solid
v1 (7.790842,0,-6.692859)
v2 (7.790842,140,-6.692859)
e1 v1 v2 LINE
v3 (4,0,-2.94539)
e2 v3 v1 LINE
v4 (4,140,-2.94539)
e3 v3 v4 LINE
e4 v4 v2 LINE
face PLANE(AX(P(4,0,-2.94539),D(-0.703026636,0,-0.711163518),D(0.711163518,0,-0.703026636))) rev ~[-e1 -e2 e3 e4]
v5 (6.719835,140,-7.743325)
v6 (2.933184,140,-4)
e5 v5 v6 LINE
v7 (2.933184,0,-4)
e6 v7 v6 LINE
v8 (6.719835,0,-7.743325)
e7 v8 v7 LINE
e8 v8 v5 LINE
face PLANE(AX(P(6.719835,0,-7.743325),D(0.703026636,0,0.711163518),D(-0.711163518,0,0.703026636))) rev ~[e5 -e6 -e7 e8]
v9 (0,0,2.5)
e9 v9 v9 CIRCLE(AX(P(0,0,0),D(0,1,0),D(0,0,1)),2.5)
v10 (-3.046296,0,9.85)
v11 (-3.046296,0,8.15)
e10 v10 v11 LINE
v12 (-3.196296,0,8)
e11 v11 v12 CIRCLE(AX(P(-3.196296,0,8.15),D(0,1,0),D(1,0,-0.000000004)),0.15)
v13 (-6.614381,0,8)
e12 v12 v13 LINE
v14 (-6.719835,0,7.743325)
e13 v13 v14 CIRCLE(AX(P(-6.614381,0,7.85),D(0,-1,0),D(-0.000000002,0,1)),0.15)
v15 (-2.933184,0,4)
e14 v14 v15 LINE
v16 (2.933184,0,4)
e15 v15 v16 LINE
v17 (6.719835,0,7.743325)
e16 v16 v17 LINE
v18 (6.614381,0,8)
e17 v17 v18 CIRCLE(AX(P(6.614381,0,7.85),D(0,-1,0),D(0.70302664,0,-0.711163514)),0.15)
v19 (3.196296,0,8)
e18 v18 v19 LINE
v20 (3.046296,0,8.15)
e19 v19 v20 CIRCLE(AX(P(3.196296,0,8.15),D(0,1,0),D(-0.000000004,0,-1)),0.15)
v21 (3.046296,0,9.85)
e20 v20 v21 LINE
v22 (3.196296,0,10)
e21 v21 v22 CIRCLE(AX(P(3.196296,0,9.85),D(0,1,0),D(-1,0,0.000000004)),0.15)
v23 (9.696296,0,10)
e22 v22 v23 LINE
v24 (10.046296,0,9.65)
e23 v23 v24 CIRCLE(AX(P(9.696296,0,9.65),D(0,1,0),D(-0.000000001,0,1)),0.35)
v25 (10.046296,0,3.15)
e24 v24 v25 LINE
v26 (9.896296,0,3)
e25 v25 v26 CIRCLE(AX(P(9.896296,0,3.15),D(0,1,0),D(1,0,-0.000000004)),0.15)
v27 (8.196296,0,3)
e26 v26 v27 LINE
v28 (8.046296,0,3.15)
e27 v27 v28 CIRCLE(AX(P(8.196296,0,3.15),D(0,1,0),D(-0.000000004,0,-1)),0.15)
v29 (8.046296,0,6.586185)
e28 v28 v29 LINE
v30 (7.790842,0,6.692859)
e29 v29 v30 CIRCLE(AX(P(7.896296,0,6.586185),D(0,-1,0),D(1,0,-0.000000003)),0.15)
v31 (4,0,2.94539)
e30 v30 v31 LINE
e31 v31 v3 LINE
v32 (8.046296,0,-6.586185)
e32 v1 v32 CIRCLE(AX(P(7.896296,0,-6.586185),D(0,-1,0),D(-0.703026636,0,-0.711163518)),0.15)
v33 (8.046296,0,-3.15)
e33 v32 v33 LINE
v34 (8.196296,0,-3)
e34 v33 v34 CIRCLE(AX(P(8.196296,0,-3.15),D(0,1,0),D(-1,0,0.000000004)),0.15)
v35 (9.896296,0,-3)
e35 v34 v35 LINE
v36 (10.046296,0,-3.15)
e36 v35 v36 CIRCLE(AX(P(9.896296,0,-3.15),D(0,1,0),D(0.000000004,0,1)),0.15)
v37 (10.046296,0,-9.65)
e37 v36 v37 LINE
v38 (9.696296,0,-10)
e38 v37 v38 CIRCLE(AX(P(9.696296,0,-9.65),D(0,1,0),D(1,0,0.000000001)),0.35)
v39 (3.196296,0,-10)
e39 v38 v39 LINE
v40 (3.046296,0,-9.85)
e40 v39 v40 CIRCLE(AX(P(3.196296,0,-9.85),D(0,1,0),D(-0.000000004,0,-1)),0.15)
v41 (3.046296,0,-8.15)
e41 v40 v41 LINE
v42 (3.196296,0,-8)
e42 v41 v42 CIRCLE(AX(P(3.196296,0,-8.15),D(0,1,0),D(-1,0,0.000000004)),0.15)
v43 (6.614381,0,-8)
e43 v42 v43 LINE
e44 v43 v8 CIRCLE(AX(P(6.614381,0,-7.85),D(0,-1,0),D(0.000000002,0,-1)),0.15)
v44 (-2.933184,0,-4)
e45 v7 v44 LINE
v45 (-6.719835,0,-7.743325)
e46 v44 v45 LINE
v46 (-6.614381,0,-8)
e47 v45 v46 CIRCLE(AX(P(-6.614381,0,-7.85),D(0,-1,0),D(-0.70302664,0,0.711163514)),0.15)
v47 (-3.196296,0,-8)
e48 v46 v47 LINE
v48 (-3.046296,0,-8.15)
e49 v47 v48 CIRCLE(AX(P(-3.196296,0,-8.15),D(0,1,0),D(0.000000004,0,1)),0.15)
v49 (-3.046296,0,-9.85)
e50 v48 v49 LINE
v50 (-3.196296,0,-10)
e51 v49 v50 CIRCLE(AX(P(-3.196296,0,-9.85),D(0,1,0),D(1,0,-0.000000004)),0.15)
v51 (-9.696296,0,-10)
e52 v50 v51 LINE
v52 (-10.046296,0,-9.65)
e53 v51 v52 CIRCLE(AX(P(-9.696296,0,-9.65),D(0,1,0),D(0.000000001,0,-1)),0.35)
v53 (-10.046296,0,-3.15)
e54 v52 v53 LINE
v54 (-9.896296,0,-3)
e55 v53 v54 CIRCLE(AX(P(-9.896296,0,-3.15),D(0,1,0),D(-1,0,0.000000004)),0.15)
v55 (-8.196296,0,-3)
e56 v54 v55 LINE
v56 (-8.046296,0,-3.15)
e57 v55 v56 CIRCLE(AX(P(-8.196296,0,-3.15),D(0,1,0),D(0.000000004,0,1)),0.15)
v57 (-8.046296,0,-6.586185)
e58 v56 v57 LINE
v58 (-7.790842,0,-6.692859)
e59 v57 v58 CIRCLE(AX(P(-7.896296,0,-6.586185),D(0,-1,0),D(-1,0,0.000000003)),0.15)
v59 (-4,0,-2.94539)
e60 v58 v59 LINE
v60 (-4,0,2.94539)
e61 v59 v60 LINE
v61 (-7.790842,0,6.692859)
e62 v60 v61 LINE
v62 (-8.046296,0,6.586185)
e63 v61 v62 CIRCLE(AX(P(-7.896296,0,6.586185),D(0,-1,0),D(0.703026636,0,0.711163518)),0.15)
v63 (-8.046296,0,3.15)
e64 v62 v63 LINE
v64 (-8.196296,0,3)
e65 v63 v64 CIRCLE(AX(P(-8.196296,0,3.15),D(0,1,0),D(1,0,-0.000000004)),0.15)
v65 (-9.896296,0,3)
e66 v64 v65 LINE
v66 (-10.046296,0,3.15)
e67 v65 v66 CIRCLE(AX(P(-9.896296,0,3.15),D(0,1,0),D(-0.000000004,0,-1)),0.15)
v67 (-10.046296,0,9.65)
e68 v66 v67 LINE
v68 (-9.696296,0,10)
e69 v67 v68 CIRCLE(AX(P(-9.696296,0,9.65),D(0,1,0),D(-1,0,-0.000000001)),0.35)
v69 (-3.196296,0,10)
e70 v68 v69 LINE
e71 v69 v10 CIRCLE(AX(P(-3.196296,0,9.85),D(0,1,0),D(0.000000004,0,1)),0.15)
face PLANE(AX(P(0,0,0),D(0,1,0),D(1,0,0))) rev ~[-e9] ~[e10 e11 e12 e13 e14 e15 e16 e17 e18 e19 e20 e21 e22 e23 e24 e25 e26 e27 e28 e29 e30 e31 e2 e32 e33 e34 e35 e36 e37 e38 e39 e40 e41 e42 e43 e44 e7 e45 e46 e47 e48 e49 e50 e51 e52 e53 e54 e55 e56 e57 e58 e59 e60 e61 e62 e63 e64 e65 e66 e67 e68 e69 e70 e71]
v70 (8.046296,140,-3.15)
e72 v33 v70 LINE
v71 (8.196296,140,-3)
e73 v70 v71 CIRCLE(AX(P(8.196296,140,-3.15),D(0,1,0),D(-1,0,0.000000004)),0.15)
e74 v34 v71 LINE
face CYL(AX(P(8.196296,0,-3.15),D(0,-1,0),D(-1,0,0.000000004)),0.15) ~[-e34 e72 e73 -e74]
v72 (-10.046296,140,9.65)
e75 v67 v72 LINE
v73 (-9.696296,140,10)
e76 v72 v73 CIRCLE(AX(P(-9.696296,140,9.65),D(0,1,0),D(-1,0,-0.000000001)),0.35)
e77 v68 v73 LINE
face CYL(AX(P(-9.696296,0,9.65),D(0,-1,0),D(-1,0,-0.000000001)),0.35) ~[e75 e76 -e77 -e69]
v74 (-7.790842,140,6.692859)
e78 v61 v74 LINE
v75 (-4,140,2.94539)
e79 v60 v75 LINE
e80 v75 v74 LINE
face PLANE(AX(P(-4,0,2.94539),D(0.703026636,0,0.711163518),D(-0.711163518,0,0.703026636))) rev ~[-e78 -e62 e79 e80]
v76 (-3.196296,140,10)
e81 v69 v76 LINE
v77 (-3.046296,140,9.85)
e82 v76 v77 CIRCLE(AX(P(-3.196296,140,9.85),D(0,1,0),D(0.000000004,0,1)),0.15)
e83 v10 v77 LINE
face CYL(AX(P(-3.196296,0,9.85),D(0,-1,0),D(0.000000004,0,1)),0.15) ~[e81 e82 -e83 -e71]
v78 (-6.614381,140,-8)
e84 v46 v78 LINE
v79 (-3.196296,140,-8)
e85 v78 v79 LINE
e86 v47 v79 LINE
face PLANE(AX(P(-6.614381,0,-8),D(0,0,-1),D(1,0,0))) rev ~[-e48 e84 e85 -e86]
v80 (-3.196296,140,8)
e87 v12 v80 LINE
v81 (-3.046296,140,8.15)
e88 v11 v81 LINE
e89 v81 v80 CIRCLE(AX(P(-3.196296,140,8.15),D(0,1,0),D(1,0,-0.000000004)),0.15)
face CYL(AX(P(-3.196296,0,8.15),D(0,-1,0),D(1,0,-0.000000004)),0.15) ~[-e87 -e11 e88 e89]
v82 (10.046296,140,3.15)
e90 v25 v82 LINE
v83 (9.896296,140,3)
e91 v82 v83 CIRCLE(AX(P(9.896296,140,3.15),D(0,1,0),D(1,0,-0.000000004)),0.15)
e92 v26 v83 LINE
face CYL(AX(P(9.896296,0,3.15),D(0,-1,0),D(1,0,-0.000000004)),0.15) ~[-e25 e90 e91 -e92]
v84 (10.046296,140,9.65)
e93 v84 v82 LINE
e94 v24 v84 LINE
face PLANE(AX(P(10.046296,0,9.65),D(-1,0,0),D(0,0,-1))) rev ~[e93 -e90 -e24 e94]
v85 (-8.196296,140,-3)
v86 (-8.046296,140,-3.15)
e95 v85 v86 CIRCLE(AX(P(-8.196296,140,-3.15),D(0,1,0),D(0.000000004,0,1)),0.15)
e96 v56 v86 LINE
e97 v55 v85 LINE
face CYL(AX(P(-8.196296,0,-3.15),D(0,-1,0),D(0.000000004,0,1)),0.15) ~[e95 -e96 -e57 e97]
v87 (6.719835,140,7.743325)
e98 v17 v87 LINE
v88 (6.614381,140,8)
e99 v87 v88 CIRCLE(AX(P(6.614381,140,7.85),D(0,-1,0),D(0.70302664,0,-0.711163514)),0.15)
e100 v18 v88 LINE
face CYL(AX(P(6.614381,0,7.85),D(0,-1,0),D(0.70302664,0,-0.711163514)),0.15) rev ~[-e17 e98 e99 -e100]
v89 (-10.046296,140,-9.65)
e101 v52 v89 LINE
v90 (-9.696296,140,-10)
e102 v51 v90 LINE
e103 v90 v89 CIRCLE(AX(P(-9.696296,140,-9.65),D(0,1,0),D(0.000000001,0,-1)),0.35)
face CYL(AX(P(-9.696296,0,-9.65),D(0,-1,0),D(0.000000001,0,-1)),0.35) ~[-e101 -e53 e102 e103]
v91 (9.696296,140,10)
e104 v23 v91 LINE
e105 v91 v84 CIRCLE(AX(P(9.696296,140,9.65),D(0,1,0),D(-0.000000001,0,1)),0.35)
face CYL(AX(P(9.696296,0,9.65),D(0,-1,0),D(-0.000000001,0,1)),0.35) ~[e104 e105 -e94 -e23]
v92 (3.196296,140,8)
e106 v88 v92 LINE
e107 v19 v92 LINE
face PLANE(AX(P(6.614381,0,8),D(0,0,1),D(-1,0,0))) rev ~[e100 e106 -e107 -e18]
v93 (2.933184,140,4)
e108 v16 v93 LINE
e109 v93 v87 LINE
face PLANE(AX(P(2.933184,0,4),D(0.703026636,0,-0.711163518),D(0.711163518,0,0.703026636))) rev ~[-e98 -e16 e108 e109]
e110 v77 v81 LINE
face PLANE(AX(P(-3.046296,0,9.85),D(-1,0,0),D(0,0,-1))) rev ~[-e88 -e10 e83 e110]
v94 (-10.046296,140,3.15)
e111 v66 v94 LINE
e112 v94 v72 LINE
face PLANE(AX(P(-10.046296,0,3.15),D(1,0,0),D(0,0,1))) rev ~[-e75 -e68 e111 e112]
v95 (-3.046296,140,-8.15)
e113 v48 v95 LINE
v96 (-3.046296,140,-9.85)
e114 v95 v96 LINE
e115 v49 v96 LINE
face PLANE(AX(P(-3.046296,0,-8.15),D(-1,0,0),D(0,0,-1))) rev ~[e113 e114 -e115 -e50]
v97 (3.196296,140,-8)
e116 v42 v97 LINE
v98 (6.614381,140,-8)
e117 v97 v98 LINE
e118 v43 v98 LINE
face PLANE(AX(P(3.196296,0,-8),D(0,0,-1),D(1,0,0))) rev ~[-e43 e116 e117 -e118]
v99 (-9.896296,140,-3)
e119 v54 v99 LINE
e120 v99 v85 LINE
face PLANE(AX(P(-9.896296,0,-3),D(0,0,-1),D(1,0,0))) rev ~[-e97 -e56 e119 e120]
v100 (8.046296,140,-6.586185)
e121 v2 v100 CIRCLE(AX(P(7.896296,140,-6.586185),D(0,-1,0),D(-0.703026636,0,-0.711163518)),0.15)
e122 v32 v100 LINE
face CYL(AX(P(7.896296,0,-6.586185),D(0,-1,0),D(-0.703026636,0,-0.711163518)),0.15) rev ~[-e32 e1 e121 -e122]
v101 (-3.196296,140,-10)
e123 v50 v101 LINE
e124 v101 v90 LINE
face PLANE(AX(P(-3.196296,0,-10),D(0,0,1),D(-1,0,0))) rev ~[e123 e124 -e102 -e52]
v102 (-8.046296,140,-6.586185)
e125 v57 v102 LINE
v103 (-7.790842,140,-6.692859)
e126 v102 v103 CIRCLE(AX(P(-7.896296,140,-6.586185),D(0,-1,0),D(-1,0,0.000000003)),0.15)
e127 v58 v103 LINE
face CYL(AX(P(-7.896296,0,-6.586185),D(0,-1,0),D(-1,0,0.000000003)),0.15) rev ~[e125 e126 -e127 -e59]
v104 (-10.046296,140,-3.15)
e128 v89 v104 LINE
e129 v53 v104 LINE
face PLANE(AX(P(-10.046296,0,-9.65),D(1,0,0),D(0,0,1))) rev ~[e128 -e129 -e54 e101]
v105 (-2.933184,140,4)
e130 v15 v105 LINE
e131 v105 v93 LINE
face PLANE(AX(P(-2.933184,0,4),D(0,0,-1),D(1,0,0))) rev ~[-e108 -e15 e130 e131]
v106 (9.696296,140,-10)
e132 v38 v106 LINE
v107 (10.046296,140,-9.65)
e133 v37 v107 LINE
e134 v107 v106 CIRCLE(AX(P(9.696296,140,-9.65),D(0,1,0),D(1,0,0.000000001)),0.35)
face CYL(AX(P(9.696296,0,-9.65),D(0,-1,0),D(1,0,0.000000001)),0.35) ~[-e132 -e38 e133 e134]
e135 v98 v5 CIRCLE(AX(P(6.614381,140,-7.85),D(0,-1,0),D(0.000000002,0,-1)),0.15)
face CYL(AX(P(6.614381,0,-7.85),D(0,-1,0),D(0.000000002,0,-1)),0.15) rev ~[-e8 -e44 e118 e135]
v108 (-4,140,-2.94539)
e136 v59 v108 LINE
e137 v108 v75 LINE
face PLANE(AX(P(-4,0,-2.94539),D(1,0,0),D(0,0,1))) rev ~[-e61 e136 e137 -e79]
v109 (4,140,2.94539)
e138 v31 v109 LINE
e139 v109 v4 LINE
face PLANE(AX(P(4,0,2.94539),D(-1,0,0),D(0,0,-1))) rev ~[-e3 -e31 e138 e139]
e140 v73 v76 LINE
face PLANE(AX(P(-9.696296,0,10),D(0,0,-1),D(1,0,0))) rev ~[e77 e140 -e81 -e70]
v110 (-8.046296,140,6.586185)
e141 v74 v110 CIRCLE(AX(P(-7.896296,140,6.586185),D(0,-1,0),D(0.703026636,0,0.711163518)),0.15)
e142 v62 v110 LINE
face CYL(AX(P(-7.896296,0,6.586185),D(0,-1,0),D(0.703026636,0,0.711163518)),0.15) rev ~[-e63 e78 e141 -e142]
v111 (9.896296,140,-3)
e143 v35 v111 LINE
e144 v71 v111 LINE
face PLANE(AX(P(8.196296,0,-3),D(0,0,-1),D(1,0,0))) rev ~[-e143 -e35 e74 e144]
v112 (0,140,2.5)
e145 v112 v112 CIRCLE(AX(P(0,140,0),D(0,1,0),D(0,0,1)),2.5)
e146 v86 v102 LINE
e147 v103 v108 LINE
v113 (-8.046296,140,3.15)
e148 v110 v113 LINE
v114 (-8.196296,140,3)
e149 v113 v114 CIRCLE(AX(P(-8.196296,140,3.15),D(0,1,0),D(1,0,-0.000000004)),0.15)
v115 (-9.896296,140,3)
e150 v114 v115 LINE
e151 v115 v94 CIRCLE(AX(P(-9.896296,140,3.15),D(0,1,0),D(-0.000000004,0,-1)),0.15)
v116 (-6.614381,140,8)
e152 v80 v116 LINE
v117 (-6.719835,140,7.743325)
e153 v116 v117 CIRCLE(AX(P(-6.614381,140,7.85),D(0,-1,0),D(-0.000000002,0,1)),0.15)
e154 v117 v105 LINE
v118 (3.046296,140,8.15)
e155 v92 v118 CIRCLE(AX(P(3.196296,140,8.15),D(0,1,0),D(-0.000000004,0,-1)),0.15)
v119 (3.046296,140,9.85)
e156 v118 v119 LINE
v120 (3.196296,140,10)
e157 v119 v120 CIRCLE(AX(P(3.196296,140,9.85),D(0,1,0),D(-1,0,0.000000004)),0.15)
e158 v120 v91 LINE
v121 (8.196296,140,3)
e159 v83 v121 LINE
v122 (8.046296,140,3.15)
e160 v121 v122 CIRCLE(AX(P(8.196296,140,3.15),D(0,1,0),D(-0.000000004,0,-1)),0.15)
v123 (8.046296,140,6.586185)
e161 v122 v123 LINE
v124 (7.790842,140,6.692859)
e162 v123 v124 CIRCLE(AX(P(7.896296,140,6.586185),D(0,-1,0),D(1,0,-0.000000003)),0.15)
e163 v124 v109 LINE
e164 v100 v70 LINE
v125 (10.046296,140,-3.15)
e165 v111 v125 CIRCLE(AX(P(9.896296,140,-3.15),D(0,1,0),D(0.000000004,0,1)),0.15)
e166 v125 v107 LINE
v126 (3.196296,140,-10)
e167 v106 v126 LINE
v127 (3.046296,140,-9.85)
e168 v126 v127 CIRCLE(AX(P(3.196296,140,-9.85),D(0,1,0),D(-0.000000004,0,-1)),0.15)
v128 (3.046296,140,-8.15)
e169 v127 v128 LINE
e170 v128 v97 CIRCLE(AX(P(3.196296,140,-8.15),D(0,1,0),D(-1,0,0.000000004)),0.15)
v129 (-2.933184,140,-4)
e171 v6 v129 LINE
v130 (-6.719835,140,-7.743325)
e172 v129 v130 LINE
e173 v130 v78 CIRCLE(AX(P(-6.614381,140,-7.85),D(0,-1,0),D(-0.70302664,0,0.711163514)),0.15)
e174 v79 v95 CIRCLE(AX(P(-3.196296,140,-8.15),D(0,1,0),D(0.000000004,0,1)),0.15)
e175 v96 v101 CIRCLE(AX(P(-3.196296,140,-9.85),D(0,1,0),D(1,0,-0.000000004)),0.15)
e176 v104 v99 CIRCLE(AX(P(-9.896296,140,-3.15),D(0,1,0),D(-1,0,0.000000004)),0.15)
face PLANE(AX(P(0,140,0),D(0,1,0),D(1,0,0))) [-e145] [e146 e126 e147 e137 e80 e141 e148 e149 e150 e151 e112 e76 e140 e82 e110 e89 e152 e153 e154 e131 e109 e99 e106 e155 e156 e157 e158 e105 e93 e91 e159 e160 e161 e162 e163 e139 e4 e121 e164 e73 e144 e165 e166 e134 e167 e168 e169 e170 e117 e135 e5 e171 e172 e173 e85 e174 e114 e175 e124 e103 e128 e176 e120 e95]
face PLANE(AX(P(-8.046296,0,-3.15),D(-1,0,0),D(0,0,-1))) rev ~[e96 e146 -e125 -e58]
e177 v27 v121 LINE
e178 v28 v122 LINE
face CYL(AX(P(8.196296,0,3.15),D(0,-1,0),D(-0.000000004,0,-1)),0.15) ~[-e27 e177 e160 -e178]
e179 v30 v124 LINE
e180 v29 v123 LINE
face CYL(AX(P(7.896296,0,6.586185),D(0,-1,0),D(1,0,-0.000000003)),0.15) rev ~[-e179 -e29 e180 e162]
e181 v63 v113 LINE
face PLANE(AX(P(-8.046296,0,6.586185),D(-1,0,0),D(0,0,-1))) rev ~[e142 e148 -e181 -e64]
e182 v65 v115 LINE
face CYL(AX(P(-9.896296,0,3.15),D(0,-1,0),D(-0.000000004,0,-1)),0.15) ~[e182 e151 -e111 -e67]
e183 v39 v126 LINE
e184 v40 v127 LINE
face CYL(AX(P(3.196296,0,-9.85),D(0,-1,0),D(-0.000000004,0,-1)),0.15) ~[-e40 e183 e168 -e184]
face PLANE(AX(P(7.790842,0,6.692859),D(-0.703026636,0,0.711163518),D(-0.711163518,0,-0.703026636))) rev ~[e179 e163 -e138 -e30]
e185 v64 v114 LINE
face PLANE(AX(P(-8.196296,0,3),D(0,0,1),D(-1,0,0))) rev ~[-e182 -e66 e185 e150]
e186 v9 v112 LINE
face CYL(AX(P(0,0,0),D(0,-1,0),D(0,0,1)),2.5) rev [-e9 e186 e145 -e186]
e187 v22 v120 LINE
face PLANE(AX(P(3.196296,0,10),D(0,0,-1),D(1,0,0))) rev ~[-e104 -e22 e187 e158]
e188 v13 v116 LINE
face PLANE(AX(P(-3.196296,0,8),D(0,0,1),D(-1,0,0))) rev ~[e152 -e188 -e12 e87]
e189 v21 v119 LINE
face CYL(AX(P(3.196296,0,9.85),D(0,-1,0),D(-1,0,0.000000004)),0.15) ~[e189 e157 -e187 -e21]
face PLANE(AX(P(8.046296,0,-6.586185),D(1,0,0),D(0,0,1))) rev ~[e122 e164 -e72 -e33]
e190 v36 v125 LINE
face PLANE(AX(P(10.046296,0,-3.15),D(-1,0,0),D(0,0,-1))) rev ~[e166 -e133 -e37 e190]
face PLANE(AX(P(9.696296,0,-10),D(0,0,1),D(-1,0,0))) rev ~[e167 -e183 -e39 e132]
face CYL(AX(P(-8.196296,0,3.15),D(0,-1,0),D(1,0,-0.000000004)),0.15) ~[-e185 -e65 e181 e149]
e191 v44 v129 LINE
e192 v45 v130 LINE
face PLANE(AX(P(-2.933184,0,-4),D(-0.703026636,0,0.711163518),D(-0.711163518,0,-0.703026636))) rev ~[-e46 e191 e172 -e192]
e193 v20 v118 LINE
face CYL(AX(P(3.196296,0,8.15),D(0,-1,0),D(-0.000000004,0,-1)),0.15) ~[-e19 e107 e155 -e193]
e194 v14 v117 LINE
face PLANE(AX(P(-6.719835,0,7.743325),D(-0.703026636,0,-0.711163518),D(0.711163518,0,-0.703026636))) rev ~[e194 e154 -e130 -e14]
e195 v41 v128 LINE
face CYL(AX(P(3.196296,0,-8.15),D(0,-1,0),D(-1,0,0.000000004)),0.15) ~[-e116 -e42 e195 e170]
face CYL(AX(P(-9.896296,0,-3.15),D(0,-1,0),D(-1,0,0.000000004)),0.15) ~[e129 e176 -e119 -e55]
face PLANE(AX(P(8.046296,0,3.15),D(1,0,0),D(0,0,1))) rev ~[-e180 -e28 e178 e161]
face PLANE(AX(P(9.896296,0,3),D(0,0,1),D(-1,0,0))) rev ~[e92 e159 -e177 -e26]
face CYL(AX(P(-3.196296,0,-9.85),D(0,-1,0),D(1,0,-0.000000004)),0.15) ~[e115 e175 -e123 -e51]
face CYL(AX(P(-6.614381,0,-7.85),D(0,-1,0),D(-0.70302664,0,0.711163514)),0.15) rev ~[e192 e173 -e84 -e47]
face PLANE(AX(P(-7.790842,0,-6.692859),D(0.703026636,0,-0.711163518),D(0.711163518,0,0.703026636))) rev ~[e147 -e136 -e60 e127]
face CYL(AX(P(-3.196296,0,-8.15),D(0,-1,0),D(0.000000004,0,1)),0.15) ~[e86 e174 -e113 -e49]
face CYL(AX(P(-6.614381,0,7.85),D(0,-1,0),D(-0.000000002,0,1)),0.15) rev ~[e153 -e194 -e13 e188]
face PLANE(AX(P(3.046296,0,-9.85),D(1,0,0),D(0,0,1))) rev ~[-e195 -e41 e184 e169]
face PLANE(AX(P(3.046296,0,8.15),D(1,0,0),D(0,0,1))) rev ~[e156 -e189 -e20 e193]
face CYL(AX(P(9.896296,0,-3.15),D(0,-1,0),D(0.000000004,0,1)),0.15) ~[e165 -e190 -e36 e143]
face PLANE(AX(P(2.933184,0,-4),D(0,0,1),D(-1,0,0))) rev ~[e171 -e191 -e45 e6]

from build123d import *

# Parameters (mm, degrees)
SKETCH1_R           = 2.5
BOSS_EXTRUDE2_DEPTH = 140


with BuildPart() as part:
    # Sketch1 → Boss-Extrude2 (new body)
    with BuildSketch(Plane(origin=(0, 0, 0), x_dir=(1, 0, 0), z_dir=(0, 1, 0))):
        with BuildLine():
            Line((-9.896296296, 3), (-8.196296296, 3))
            ThreePointArc((-8.196296296, 3), (-8.090230279, 3.043933983), (-8.046296296, 3.15))
            Line((-8.046296296, 3.15), (-8.046296296, 6.586184513))
            ThreePointArc((-8.046296296, 6.586184513), (-7.954097251, 6.724600732), (-7.790842301, 6.692859041))
            Line((-7.790842301, 6.692859041), (-4, 2.945390222))
            Line((-4, 2.945390222), (-4, -2.945390222))
            Line((-4, -2.945390222), (-7.790842301, -6.692859041))
            ThreePointArc((-7.790842301, -6.692859041), (-7.954097251, -6.724600732), (-8.046296296, -6.586184513))
            Line((-8.046296296, -6.586184513), (-8.046296296, -3.15))
            ThreePointArc((-8.046296296, -3.15), (-8.090230279, -3.043933983), (-8.196296296, -3))
            Line((-8.196296296, -3), (-9.896296296, -3))
            ThreePointArc((-9.896296296, -3), (-10.002362313, -3.043933983), (-10.046296296, -3.15))
            Line((-10.046296296, -3.15), (-10.046296296, -9.65))
            ThreePointArc((-10.046296296, -9.65), (-9.94378367, -9.897487373), (-9.696296296, -10))
            Line((-9.696296296, -10), (-3.196296296, -10))
            ThreePointArc((-3.196296296, -10), (-3.090230279, -9.956066017), (-3.046296296, -9.85))
            Line((-3.046296296, -9.85), (-3.046296296, -8.15))
            ThreePointArc((-3.046296296, -8.15), (-3.090230279, -8.043933983), (-3.196296296, -8))
            Line((-3.196296296, -8), (-6.614381093, -8))
            ThreePointArc((-6.614381093, -8), (-6.753127587, -7.9070036), (-6.719835089, -7.743325472))
            Line((-6.719835089, -7.743325472), (-2.93318409, -4))
            Line((-2.93318409, -4), (2.93318409, -4))
            Line((2.93318409, -4), (6.719835089, -7.743325472))
            ThreePointArc((6.719835089, -7.743325472), (6.753127587, -7.9070036), (6.614381093, -8))
            Line((6.614381093, -8), (3.196296296, -8))
            ThreePointArc((3.196296296, -8), (3.090230279, -8.043933983), (3.046296296, -8.15))
            Line((3.046296296, -8.15), (3.046296296, -9.85))
            ThreePointArc((3.046296296, -9.85), (3.090230279, -9.956066017), (3.196296296, -10))
            Line((3.196296296, -10), (9.696296296, -10))
            ThreePointArc((9.696296296, -10), (9.94378367, -9.897487373), (10.046296296, -9.65))
            Line((10.046296296, -9.65), (10.046296296, -3.15))
            ThreePointArc((10.046296296, -3.15), (10.002362313, -3.043933983), (9.896296296, -3))
            Line((9.896296296, -3), (8.196296296, -3))
            ThreePointArc((8.196296296, -3), (8.090230279, -3.043933983), (8.046296296, -3.15))
            Line((8.046296296, -3.15), (8.046296296, -6.586184513))
            ThreePointArc((8.046296296, -6.586184513), (7.954097251, -6.724600732), (7.790842301, -6.692859041))
            Line((7.790842301, -6.692859041), (4, -2.945390222))
            Line((4, -2.945390222), (4, 2.945390222))
            Line((4, 2.945390222), (7.790842301, 6.692859041))
            ThreePointArc((7.790842301, 6.692859041), (7.954097251, 6.724600732), (8.046296296, 6.586184513))
            Line((8.046296296, 6.586184513), (8.046296296, 3.15))
            ThreePointArc((8.046296296, 3.15), (8.090230279, 3.043933983), (8.196296296, 3))
            Line((8.196296296, 3), (9.896296296, 3))
            ThreePointArc((9.896296296, 3), (10.002362313, 3.043933983), (10.046296296, 3.15))
            Line((10.046296296, 3.15), (10.046296296, 9.65))
            ThreePointArc((10.046296296, 9.65), (9.94378367, 9.897487373), (9.696296296, 10))
            Line((9.696296296, 10), (3.196296296, 10))
            ThreePointArc((3.196296296, 10), (3.090230279, 9.956066017), (3.046296296, 9.85))
            Line((3.046296296, 9.85), (3.046296296, 8.15))
            ThreePointArc((3.046296296, 8.15), (3.090230279, 8.043933983), (3.196296296, 8))
            Line((3.196296296, 8), (6.614381093, 8))
            ThreePointArc((6.614381093, 8), (6.753127587, 7.9070036), (6.719835089, 7.743325472))
            Line((6.719835089, 7.743325472), (2.93318409, 4))
            Line((2.93318409, 4), (-2.93318409, 4))
            Line((-2.93318409, 4), (-6.719835089, 7.743325472))
            ThreePointArc((-6.719835089, 7.743325472), (-6.753127587, 7.9070036), (-6.614381093, 8))
            Line((-6.614381093, 8), (-3.196296296, 8))
            ThreePointArc((-3.196296296, 8), (-3.090230279, 8.043933983), (-3.046296296, 8.15))
            Line((-3.046296296, 8.15), (-3.046296296, 9.85))
            ThreePointArc((-3.046296296, 9.85), (-3.090230279, 9.956066017), (-3.196296296, 10))
            Line((-3.196296296, 10), (-9.696296296, 10))
            ThreePointArc((-9.696296296, 10), (-9.94378367, 9.897487373), (-10.046296296, 9.65))
            Line((-10.046296296, 9.65), (-10.046296296, 3.15))
            ThreePointArc((-10.046296296, 3.15), (-10.002362313, 3.043933983), (-9.896296296, 3))
        make_face()
        with Locations(Location((0, 0, 0), (0, 0, 270))):
            Circle(SKETCH1_R, mode=Mode.SUBTRACT)
    extrude(amount=BOSS_EXTRUDE2_DEPTH)


solid = part.part
